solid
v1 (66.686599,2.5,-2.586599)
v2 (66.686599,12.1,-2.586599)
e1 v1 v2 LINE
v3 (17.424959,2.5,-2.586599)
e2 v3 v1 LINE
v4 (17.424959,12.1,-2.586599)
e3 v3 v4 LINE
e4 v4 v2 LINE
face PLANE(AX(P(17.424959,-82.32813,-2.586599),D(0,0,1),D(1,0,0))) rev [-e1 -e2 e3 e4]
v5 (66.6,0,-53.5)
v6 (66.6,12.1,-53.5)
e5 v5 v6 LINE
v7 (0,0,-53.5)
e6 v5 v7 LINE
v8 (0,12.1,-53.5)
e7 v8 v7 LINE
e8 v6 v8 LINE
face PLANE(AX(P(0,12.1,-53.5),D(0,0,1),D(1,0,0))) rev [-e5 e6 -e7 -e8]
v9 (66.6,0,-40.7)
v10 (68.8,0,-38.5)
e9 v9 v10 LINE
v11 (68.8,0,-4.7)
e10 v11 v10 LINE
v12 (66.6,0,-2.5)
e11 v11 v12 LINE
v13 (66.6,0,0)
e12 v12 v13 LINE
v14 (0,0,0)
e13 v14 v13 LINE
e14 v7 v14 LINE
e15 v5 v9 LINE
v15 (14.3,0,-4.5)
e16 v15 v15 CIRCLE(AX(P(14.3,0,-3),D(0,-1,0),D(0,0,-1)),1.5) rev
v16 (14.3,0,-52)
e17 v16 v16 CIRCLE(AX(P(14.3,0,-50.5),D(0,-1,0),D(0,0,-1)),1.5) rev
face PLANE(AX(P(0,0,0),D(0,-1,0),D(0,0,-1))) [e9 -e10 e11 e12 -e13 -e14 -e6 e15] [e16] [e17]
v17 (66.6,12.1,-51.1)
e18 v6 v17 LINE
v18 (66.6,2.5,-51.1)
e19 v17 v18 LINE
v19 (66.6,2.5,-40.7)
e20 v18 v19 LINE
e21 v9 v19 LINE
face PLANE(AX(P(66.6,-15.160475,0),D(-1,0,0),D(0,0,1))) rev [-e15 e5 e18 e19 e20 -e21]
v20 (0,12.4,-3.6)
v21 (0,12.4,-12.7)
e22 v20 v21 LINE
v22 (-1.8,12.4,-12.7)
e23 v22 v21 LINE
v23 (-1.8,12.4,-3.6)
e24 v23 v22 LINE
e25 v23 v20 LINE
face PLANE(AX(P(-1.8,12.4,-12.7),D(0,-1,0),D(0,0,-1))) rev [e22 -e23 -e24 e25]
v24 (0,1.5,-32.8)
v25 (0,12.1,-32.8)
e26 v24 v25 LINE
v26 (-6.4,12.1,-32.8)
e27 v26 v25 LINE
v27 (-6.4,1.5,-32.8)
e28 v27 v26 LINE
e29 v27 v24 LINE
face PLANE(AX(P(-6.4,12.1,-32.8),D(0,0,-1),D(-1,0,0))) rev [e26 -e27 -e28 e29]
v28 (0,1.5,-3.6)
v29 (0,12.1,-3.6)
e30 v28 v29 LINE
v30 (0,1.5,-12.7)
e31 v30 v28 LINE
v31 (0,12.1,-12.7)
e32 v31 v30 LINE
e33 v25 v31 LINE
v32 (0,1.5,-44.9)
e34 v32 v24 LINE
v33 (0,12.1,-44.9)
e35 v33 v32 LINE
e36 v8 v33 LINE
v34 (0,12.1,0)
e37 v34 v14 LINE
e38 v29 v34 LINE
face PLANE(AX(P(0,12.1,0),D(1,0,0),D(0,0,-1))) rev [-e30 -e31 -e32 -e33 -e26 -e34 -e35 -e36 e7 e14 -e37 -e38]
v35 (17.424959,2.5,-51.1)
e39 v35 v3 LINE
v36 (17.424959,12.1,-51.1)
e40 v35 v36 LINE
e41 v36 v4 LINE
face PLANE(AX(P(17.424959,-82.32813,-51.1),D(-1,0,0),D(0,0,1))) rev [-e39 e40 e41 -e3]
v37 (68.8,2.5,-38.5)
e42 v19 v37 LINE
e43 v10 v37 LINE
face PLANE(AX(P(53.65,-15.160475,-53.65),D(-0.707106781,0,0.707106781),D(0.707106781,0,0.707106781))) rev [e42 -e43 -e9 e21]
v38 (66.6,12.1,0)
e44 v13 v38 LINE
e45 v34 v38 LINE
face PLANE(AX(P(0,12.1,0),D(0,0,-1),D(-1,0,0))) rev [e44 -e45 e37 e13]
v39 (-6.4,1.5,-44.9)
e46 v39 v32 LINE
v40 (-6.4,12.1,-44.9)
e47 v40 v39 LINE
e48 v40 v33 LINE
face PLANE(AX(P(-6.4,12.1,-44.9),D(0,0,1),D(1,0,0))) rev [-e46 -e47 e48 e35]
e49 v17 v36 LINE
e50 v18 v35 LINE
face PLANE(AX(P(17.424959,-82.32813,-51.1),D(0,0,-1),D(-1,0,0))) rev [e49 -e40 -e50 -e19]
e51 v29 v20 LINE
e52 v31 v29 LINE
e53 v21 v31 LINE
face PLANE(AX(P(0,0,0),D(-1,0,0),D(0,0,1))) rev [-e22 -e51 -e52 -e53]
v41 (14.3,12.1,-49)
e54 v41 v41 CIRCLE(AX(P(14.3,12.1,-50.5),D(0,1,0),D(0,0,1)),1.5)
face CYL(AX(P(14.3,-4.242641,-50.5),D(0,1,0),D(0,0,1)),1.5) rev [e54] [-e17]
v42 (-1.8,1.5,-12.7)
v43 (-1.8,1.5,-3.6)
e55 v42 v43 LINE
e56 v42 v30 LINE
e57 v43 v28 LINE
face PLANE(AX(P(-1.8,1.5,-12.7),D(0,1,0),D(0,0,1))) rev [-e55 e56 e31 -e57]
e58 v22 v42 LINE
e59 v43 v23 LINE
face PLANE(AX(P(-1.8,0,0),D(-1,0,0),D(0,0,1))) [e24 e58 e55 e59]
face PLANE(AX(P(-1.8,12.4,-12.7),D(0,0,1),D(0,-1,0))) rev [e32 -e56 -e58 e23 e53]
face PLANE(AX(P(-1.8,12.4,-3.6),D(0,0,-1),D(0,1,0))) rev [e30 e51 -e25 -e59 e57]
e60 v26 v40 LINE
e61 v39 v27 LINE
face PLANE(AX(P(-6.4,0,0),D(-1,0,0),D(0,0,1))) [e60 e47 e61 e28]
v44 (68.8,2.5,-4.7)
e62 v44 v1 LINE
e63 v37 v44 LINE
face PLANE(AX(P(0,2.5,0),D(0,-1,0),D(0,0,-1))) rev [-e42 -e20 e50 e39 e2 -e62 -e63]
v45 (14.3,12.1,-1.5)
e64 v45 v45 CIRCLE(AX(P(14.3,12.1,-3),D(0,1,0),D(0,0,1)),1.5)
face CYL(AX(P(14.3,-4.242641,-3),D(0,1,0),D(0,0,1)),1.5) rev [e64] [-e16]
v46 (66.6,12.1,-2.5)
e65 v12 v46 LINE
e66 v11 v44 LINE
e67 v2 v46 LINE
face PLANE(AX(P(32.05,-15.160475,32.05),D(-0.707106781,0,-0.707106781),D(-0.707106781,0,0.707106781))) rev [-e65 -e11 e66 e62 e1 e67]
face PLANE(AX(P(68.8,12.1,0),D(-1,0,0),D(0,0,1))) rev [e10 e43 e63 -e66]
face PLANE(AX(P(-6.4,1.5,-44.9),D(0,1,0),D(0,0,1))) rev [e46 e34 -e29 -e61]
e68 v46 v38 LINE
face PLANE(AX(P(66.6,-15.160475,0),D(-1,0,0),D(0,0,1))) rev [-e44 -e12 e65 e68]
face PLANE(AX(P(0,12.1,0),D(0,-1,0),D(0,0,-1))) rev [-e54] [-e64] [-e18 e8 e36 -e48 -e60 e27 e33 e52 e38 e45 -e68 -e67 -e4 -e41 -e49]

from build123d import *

# Parameters (mm, degrees)
SKETCH2_W           = 68.8
SKETCH2_H           = 53.5
BOSS_EXTRUDE1_DEPTH = 12.1
CUT_EXTRUDE1_DEPTH  = 12.1
SKETCH4_W           = 12.1
SKETCH4_H           = 10.6
BOSS_EXTRUDE2_DEPTH = 6.4
SKETCH5_W           = 9.1
SKETCH5_H           = 10.9
BOSS_EXTRUDE3_DEPTH = 1.8
SKETCH7_R           = 1.5
CUT_EXTRUDE2_DEPTH  = 12.1
SKETCH8_W           = 66.515944673
SKETCH8_H           = 48.513400954
CUT_EXTRUDE3_DEPTH  = 9.6


with BuildPart() as part:
    # Sketch2 → Boss-Extrude1 (new body)
    with BuildSketch(Plane(origin=(0, 0, 0), x_dir=(1, 0, 0), z_dir=(0, 1, 0))):
        with Locations((34.4, 26.75)):
            Rectangle(SKETCH2_W, SKETCH2_H)
    extrude(amount=BOSS_EXTRUDE1_DEPTH)

    # Sketch3 → Cut-Extrude1 (cut)
    with BuildSketch(Plane(origin=(0, 12.1, 0), x_dir=(1, 0, 0), z_dir=(0, 1, 0))):
        Polygon((68.8, 0), (68.8, 4.7), (66.6, 2.5), (66.6, 0), align=None)
        Polygon((68.8, 53.5), (66.6, 53.5), (66.6, 40.7), (68.8, 38.5), align=None)
    extrude(amount=-CUT_EXTRUDE1_DEPTH, mode=Mode.SUBTRACT)

    # Sketch4 → Boss-Extrude2 (add)
    with BuildSketch(Plane.ZY):
        with Locations((-38.85, 6.8)):
            Rectangle(SKETCH4_W, SKETCH4_H)
    extrude(amount=BOSS_EXTRUDE2_DEPTH)

    # Sketch5 → Boss-Extrude3 (add)
    with BuildSketch(Plane.ZY):
        with Locations((-8.15, 6.95)):
            Rectangle(SKETCH5_W, SKETCH5_H)
    extrude(amount=BOSS_EXTRUDE3_DEPTH)

    # Sketch7 → Cut-Extrude2 (cut)
    with BuildSketch(Plane(origin=(0, 12.1, 0), x_dir=(1, 0, 0), z_dir=(0, 1, 0))):
        with Locations(Location((14.3, 50.5, 0), (0, 0, 270))):
            Circle(SKETCH7_R)
        with Locations(Location((14.3, 3, 0), (0, 0, 270))):
            Circle(SKETCH7_R)
    extrude(amount=-CUT_EXTRUDE2_DEPTH, mode=Mode.SUBTRACT)

    # Sketch8 → Cut-Extrude3 (cut)
    with BuildSketch(Plane(origin=(0, 12.1, 0), x_dir=(1, 0, 0), z_dir=(0, 1, 0))):
        with Locations((50.682931162, 26.843299523)):
            Rectangle(SKETCH8_W, SKETCH8_H)
    extrude(amount=-CUT_EXTRUDE3_DEPTH, mode=Mode.SUBTRACT)


solid = part.part
